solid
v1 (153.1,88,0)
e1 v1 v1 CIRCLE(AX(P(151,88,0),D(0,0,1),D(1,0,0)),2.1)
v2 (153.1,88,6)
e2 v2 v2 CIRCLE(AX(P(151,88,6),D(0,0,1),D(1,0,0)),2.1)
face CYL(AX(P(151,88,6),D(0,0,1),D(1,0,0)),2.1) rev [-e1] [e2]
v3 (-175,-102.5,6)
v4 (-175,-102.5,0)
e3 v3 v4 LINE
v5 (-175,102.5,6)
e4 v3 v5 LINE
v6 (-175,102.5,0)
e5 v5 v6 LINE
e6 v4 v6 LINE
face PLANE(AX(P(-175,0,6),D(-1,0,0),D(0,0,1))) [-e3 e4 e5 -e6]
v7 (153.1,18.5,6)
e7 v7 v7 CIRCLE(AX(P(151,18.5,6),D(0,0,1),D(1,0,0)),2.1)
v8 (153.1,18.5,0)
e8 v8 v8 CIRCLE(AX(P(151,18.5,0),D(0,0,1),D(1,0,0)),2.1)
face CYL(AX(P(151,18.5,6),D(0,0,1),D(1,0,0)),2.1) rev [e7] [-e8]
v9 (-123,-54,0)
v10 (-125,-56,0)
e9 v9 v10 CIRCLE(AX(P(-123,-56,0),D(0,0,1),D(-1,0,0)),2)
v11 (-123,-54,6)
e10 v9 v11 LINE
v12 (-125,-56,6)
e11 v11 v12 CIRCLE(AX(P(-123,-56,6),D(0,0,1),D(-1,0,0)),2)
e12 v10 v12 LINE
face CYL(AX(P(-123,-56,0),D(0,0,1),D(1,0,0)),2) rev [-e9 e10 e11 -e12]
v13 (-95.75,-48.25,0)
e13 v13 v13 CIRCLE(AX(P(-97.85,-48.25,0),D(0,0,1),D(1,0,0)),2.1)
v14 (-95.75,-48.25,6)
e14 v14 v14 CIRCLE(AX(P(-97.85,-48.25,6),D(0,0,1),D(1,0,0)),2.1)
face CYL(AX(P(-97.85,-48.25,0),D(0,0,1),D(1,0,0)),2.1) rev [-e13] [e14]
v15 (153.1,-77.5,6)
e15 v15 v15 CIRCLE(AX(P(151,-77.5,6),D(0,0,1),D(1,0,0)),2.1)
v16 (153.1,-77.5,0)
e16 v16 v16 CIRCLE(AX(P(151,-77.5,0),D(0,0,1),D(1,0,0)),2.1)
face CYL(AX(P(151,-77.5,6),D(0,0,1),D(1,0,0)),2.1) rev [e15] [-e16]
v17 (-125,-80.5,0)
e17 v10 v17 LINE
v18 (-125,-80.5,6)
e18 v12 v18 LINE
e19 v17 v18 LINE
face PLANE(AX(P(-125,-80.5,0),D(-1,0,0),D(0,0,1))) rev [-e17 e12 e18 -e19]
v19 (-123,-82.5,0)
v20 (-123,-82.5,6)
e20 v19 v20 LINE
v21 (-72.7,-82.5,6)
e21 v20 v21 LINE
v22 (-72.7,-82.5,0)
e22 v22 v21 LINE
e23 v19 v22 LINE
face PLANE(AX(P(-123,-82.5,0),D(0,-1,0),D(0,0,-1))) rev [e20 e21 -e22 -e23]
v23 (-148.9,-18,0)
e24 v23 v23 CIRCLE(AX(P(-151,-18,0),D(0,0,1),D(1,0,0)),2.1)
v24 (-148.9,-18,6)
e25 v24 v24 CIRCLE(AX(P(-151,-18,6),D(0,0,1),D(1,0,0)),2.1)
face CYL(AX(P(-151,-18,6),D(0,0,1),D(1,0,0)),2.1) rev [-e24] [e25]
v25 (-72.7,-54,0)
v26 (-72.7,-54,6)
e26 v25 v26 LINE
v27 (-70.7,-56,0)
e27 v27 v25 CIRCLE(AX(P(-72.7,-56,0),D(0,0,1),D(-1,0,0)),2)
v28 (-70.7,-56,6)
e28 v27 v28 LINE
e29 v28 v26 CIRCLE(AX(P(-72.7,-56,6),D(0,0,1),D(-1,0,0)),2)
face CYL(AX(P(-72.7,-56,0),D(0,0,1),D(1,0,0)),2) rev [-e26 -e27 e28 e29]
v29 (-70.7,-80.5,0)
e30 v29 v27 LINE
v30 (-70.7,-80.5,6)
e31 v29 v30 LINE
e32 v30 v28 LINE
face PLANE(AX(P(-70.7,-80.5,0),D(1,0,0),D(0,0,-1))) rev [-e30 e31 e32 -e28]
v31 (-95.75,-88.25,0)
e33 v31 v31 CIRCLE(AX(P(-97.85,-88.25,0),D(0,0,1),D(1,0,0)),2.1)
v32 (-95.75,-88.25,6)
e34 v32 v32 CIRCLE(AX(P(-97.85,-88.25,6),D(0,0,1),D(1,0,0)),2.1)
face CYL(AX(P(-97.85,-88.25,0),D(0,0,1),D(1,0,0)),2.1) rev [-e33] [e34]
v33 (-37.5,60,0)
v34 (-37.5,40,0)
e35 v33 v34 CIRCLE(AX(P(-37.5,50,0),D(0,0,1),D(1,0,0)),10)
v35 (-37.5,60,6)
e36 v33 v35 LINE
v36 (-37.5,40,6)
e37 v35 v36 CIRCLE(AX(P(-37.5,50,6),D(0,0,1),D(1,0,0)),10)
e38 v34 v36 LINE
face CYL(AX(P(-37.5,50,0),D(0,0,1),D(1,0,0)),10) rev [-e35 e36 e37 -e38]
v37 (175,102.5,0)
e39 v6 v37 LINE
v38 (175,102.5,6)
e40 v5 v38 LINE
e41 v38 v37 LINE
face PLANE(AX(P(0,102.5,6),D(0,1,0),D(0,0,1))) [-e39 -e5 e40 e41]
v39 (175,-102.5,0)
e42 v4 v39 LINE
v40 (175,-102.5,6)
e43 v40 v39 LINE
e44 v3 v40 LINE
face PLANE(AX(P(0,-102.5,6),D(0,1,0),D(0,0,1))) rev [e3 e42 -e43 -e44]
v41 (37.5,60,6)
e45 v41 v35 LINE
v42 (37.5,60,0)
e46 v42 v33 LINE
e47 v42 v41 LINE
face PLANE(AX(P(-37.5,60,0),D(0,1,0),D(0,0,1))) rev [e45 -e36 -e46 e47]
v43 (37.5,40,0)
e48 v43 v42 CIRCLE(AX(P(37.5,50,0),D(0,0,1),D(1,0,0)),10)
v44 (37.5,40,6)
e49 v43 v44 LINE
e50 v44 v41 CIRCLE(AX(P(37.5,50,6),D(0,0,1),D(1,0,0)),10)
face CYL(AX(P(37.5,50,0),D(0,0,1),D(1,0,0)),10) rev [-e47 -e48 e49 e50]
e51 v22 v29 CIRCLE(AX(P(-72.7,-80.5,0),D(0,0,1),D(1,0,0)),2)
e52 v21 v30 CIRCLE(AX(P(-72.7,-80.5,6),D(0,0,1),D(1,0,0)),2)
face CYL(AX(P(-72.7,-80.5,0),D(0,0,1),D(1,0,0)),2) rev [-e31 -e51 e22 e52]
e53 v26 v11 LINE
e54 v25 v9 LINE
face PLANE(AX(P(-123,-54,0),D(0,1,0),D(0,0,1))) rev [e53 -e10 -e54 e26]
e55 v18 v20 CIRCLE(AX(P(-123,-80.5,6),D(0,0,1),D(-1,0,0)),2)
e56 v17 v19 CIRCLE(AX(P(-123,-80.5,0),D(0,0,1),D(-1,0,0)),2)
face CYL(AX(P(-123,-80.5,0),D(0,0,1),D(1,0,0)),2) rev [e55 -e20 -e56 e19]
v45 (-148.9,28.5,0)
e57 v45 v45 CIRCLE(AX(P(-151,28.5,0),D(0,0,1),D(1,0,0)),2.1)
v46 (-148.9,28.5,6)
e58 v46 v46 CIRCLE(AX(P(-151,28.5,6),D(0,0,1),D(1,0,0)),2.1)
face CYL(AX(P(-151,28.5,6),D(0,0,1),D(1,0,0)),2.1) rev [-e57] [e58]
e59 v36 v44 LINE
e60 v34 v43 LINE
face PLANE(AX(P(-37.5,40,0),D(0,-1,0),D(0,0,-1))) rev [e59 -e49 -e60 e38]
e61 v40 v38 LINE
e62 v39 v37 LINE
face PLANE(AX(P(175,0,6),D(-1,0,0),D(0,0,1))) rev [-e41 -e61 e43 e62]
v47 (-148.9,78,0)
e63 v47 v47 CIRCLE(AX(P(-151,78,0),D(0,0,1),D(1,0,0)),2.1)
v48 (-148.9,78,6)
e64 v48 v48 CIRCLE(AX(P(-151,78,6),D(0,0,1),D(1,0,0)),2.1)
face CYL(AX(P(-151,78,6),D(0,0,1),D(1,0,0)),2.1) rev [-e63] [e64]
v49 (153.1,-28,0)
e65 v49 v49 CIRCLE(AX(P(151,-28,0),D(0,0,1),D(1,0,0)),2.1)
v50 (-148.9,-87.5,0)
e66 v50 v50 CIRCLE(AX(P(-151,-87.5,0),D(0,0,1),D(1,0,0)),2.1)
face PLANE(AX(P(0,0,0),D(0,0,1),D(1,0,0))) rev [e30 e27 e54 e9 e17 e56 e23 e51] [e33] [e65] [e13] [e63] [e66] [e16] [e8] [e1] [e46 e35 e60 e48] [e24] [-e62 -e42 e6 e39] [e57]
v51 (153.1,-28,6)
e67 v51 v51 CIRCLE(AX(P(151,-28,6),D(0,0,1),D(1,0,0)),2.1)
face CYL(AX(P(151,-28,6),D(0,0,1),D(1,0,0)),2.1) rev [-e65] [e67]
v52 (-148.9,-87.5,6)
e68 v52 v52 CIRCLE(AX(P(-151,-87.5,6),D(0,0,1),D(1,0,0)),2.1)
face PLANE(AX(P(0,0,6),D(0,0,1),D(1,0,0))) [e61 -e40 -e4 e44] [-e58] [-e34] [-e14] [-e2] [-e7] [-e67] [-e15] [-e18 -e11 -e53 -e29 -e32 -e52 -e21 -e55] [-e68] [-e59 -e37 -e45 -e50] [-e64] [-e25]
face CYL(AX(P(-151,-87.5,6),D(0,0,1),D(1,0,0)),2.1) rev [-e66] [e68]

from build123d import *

# Parameters (mm, degrees)
ESBO_O1_W                    = 350
ESBO_O1_H                    = 205
RESSALTO_EXTRUS_O1_DEPTH     = 6
CORTE_EXTRUS_O1_DEPTH        = 203.897141429
ESBO_O3_R                    = 2.1
CORTE_EXTRUS_O2_DEPTH        = 203.897141429
FURO_DE_DI_METRO_4_2_4_2_1_D = 4.2


with BuildPart() as part:
    # Esboço1 → Ressalto-extrusão1 (new body)
    with BuildSketch(Plane.XY):
        Rectangle(ESBO_O1_W, ESBO_O1_H)
    extrude(amount=RESSALTO_EXTRUS_O1_DEPTH)

    # Esboço2 → Corte-extrusão1 (cut, through all)
    with BuildSketch(Plane.XY.offset(6)):
        with BuildLine():
            Line((-37.5, 60), (37.5, 60))
            ThreePointArc((37.5, 60), (47.5, 50), (37.5, 40))
            Line((37.5, 40), (-37.5, 40))
            ThreePointArc((-37.5, 40), (-47.5, 50), (-37.5, 60))
        make_face()
    extrude(amount=-CORTE_EXTRUS_O1_DEPTH, mode=Mode.SUBTRACT)

    # Esboço3 → Corte-extrusão2 (cut, through all)
    with BuildSketch(Plane.XY.offset(6)):
        with Locations((-97.85, -48.25)):
            Circle(ESBO_O3_R)
        with Locations((-97.85, -88.25)):
            Circle(ESBO_O3_R)
        with BuildLine():
            Line((-123, -82.5), (-72.7, -82.5))
            ThreePointArc((-72.7, -82.5), (-71.285786438, -81.914213562), (-70.7, -80.5))
            Line((-70.7, -80.5), (-70.7, -56))
            ThreePointArc((-70.7, -56), (-71.285786438, -54.585786438), (-72.7, -54))
            Line((-72.7, -54), (-123, -54))
            ThreePointArc((-123, -54), (-124.414213562, -54.585786438), (-125, -56))
            Line((-125, -56), (-125, -80.5))
            ThreePointArc((-125, -80.5), (-124.414213562, -81.914213562), (-123, -82.5))
        make_face()
    extrude(amount=-CORTE_EXTRUS_O2_DEPTH, mode=Mode.SUBTRACT)

    # Furo de diâmetro Ø4.2 (4.2)1 (through all)
    with Locations(Plane.XY.offset(6)):
        with Locations((-151, -87.5), (-151, -18), (151, -28), (151, -77.5), (151, 88), (151, 18.5), (-151, 78), (-151, 28.5)):
            Hole(FURO_DE_DI_METRO_4_2_4_2_1_D / 2)


solid = part.part
